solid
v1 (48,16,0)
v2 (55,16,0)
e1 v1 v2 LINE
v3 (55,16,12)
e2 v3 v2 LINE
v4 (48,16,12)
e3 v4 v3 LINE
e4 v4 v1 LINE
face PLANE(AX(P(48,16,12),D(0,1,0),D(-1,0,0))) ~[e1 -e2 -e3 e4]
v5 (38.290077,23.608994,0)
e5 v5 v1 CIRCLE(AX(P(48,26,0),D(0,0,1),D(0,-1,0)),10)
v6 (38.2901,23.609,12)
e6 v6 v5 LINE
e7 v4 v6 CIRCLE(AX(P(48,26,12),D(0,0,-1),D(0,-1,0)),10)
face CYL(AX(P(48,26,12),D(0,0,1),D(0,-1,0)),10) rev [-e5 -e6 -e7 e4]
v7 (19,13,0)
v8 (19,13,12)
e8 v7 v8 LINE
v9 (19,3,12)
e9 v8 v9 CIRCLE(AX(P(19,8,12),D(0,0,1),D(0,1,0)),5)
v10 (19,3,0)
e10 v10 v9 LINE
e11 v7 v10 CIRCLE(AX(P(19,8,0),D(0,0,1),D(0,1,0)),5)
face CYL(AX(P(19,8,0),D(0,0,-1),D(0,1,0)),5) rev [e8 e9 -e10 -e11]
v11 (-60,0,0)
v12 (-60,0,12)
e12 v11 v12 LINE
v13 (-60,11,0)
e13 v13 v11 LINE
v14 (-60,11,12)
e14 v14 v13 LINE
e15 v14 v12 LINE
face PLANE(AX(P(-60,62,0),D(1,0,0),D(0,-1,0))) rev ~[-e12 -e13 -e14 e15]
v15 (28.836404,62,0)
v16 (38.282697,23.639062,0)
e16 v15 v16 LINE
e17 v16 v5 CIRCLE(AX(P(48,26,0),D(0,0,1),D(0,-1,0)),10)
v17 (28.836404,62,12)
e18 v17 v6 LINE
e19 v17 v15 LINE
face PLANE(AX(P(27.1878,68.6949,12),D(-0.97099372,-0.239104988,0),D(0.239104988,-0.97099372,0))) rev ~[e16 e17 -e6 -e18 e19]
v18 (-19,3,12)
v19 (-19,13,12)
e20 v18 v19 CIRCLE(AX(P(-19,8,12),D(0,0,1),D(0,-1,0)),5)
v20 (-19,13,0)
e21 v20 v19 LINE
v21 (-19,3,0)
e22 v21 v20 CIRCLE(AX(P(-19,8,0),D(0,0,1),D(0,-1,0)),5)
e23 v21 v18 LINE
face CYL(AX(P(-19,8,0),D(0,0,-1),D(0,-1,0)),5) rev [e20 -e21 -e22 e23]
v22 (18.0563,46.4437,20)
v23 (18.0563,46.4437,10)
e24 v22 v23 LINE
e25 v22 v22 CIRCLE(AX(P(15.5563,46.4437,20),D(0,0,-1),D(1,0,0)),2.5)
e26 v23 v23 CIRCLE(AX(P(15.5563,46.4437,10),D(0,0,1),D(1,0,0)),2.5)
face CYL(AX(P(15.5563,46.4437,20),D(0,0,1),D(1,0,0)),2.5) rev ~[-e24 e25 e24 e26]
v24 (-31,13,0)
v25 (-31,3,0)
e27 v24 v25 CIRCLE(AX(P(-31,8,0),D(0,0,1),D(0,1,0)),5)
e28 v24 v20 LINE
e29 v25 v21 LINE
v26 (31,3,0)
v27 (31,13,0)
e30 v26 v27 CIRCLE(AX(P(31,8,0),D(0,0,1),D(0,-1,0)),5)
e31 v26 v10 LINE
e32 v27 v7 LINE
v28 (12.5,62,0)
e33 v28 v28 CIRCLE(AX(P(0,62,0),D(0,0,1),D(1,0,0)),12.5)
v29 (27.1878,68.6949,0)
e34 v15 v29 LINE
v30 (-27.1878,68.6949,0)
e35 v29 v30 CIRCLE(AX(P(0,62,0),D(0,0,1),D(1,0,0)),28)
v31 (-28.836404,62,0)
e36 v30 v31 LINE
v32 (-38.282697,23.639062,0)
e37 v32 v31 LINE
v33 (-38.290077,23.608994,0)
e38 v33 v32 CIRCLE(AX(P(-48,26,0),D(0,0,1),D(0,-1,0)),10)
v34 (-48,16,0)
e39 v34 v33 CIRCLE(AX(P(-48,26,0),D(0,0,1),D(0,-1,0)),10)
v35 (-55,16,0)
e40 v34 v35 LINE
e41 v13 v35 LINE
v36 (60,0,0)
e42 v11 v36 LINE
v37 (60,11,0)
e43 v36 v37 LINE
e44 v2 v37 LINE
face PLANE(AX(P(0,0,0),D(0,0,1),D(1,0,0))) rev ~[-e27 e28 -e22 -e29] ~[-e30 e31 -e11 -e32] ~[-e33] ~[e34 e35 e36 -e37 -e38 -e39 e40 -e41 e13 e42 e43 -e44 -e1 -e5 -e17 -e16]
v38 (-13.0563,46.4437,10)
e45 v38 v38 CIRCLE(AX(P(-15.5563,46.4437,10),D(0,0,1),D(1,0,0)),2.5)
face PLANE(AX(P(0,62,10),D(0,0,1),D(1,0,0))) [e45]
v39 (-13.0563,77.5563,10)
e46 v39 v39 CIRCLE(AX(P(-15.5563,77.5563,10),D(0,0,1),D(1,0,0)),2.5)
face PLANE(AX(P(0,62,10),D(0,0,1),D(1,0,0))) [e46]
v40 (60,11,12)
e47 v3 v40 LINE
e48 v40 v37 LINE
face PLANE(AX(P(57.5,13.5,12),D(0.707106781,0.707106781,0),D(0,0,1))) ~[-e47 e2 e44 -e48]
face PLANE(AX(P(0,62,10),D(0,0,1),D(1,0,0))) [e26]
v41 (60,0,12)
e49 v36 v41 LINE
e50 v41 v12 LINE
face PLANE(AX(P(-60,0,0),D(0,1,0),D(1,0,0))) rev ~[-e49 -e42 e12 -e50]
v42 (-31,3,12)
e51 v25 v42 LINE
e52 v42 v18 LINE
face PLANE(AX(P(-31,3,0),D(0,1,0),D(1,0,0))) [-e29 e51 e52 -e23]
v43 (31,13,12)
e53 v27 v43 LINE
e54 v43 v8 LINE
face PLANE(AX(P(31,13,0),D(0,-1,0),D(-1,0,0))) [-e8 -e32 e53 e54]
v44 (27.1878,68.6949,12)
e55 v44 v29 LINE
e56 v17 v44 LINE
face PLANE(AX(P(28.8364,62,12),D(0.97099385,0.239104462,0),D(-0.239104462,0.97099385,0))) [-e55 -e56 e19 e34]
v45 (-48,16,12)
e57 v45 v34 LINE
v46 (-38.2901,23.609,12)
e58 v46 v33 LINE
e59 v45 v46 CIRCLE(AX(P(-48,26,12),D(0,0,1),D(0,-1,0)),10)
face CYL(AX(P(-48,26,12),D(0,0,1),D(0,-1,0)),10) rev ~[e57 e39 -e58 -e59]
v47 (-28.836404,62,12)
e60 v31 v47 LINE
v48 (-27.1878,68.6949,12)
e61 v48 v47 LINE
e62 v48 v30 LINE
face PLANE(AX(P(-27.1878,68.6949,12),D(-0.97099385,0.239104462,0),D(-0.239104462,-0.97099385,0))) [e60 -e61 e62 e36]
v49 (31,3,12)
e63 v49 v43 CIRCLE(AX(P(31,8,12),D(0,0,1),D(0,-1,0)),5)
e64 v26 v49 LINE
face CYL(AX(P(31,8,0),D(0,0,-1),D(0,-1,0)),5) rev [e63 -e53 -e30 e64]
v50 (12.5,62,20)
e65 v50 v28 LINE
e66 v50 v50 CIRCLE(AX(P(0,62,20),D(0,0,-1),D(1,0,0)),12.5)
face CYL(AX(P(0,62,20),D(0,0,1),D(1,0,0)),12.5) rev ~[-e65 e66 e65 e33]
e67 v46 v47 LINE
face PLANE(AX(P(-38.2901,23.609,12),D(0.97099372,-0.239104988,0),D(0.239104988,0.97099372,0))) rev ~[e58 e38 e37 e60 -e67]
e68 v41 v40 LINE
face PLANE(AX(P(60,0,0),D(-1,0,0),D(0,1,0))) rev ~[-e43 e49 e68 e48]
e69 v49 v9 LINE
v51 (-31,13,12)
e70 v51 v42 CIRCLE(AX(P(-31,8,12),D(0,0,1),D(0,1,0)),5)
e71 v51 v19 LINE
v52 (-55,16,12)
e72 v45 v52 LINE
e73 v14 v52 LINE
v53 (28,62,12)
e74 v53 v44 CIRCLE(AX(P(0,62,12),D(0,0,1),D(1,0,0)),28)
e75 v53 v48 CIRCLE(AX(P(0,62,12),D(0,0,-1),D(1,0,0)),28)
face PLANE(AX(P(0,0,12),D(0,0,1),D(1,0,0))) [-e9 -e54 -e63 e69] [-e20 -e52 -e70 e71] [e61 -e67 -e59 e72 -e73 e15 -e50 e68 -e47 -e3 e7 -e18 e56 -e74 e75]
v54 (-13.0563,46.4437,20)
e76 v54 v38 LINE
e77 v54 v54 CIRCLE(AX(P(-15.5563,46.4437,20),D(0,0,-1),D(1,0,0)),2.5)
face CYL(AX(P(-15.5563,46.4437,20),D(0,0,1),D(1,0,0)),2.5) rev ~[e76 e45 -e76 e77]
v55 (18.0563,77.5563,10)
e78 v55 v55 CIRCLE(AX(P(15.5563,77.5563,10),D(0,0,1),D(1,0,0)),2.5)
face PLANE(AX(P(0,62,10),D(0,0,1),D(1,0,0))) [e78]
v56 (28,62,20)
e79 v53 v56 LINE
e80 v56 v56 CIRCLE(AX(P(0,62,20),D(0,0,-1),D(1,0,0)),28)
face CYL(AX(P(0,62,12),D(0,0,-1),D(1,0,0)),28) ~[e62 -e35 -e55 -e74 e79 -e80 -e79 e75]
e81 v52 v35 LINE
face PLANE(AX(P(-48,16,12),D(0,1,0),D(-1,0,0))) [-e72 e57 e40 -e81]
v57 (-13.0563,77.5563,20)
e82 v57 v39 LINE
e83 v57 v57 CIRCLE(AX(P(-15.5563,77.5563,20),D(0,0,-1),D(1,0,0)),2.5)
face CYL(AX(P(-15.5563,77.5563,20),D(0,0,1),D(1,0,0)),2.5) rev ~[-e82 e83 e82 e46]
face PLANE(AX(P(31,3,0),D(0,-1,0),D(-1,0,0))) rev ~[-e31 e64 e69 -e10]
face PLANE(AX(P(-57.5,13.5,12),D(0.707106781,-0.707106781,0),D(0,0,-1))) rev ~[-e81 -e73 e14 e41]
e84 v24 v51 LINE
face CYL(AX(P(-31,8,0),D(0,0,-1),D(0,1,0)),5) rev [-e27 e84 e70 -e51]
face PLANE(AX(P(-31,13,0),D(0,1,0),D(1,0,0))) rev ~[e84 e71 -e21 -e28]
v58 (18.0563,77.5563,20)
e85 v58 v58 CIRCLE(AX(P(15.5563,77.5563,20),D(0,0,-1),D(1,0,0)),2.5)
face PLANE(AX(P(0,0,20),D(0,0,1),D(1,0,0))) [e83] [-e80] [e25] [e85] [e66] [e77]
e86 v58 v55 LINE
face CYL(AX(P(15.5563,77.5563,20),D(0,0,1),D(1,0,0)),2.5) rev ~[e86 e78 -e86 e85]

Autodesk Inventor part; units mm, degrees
ref_plane "YZ Plane" through (0, 0, 0) normal (1, 0, 0) x (0, 1, 0)
ref_plane "XZ Plane" through (0, 0, 0) normal (0, 1, 0) x (-1, 0, 0)
ref_plane "XY Plane" through (0, 0, 0) normal (0, 0, 1) x (1, 0, 0)
sketch "스케치1" plane through (0, 0, 0) normal (0, 0, 1) x (1, 0, 0)
  line L0 (-60, 0) -> (60, 0)
  line L1 (60, 0) -> (60, 62)
  line L2 (-60, 62) -> (-60, 0)
  line L3 (0, 0) -> (0, 151.2751)
  arc A0 (-31, 13) -> (-31, 3) centre (-31, 8) ccw
  arc A1 (-19, 3) -> (-19, 13) centre (-19, 8) ccw
  line L4 (-31, 13) -> (-19, 13)
  line L5 (-31, 3) -> (-19, 3)
  arc A2 (31, 3) -> (31, 13) centre (31, 8) ccw
  arc A3 (19, 13) -> (19, 3) centre (19, 8) ccw
  line L6 (31, 13) -> (19, 13)
  line L7 (31, 3) -> (19, 3)
  arc A4 (28, 62) -> (-28, 62) centre (0, 62) ccw
  line L8 (60, 62) -> (28, 62)
  line L9 (-28, 62) -> (-60, 62)
  dimension "d0" = 120
  dimension "d1" = 62
  dimension "d2" = 29
  dimension "d3" = 10
  dimension "d5" = 10
  dimension "d6" = 12
  dimension "d7" = 56
  dimension "d8" = 8
extrude "돌출1" add sketch "스케치1" along normal blind 12
sketch "스케치2" plane through (0, 0, 12) normal (0, 0, 1) x (1, 0, 0)
  circle A0 centre (0, 62) radius 28
  arc A1 (28, 62) -> (-28, 62) centre (0, 62) ccw projected
  point P0 (0, 0)
  dimension "d11" = 56
extrude "돌출2" add sketch "스케치2" along normal blind 8
sketch "스케치3" plane through (0, 0, 12) normal (0, 0, 1) x (1, 0, 0)
  arc A0 (-48, 16) -> (-48, 36) centre (-48, 26) ccw
  line L0 (-48, 16) -> (-80.7935, 16)
  line L1 (-80.7935, 16) -> (-80.7935, 63.6006)
  line L2 (-80.7935, 63.6006) -> (-48, 63.6006)
  line L3 (-48, 63.6006) -> (-48, 36)
  line L4 (-60, 0) -> (60, 0) projected
  line L5 (-60, 62) -> (-60, 0) projected
  point P0 (0, 0)
  dimension "d14" = 20
  dimension "d15" = 16
  dimension "d16" = 12
extrude "돌출3" cut sketch "스케치3" against normal blind 20
mirror "미러1" about plane through (0, 0, 0) normal (1, 0, 0) of "돌출3"
chamfer "모따기1" distance 5 angle 45 2 edges at (-60, 16, 6) (60, 16, 6)
sketch "스케치4" plane through (0, 0, 12) normal (0, 0, 1) x (1, 0, 0)
  line L0 (-38.2901, 23.609) -> (-27.1878, 68.6949)
  circle A0 centre (0, 62) radius 28 projected
  arc A1 (-48, 16) -> (-48, 36) centre (-48, 26) ccw projected
  line L1 (0, 0) -> (0, 106.1688)
  line L2 (27.1878, 68.6949) -> (38.2901, 23.609)
  arc A2 (48, 36) -> (48, 16) centre (48, 26) ccw projected
  line L3 (-48, 16) -> (-74.8883, 57.476)
  line L4 (-74.8883, 57.476) -> (-15.255, 104.9361)
  line L5 (-15.255, 104.9361) -> (38.38, 97.6952)
  line L6 (38.38, 97.6952) -> (82.1306, 43.6078)
  line L7 (82.1306, 43.6078) -> (48, 16)
extrude "돌출4" cut sketch "스케치4" against normal blind 20 contours A1 L3 L4 L5 L1 A0 L0 | L1 L5 L6 L7 A2 L2 A0
sketch "스케치5" plane through (0, 0, 12) normal (0, 0, 1) x (1, 0, 0)
  line L0 (-38.2901, 23.609) -> (-28.8364, 62) projected
  line L1 (28.8364, 62) -> (28, 62) projected
  line L2 (28.8364, 62) -> (27.1878, 68.6949)
  line L3 (-27.1878, 68.6949) -> (-28.8364, 62)
  circle A0 centre (0, 62) radius 28 projected
  line L4 (-28.8364, 62) -> (-28, 62)
  line L5 (28, 62) -> (28.8364, 62)
  point P0 (0, 0)
extrude "돌출5" add sketch "스케치5" against normal blind 12 contours L1 A0 L2 | L4 L3 A0
sketch "스케치6" plane through (0, 62, 20) normal (0, 0, 1) x (1, 0, 0)
  circle A0 centre (0, 0) radius 12.5
  circle A1 centre (0, 0) radius 22
  circle A2 centre (15.5563, 15.5563) radius 2.5
  line L0 (-28.2851, -28.2851) -> (32.9008, 32.9008)
  line L1 (-49.5291, 0) -> (47.7327, 0)
  circle A3 centre (0, 0) radius 28 projected
  circle A4 centre (-15.5563, 15.5563) radius 2.5
  circle A5 centre (-15.5563, -15.5563) radius 2.5
  circle A6 centre (15.5563, -15.5563) radius 2.5
  point P0 (0, -62)
  dimension "d29" = 44
  dimension "d26" = 45
  dimension "d27" = 5
  dimension "d28" = 25
  dimension "d32" = 360
extrude "돌출6" cut sketch "스케치6" against normal blind 20 contours L1 L0 A0 | A0 L0 L1 | L0 L1 A0 | A0 L1 L0
extrude "돌출7" cut sketch "스케치6" against normal blind 10 contours L0 A1 A2 | A2 A1 L0 | A5 A1 L0 | L0 A1 A5 | A1 L0 A2 | A6 A1 | A1 A6 | A2 L0 A1 | L0 A5 A1 | A1 A5 L0 | A4 A1 | A1 A4
sketch "스케치7" plane through (0, 62, 20) normal (0, 0, 1) x (1, 0, 0)
  circle A0 centre (15.5563, -15.5563) radius 2.5 projected
  circle A1 centre (0, 0) radius 22
  line L0 (0, -76.267) -> (0, 43.2176)
  point P0 (0, -62)
properties part number "아이들러 풀리 브라켓"
